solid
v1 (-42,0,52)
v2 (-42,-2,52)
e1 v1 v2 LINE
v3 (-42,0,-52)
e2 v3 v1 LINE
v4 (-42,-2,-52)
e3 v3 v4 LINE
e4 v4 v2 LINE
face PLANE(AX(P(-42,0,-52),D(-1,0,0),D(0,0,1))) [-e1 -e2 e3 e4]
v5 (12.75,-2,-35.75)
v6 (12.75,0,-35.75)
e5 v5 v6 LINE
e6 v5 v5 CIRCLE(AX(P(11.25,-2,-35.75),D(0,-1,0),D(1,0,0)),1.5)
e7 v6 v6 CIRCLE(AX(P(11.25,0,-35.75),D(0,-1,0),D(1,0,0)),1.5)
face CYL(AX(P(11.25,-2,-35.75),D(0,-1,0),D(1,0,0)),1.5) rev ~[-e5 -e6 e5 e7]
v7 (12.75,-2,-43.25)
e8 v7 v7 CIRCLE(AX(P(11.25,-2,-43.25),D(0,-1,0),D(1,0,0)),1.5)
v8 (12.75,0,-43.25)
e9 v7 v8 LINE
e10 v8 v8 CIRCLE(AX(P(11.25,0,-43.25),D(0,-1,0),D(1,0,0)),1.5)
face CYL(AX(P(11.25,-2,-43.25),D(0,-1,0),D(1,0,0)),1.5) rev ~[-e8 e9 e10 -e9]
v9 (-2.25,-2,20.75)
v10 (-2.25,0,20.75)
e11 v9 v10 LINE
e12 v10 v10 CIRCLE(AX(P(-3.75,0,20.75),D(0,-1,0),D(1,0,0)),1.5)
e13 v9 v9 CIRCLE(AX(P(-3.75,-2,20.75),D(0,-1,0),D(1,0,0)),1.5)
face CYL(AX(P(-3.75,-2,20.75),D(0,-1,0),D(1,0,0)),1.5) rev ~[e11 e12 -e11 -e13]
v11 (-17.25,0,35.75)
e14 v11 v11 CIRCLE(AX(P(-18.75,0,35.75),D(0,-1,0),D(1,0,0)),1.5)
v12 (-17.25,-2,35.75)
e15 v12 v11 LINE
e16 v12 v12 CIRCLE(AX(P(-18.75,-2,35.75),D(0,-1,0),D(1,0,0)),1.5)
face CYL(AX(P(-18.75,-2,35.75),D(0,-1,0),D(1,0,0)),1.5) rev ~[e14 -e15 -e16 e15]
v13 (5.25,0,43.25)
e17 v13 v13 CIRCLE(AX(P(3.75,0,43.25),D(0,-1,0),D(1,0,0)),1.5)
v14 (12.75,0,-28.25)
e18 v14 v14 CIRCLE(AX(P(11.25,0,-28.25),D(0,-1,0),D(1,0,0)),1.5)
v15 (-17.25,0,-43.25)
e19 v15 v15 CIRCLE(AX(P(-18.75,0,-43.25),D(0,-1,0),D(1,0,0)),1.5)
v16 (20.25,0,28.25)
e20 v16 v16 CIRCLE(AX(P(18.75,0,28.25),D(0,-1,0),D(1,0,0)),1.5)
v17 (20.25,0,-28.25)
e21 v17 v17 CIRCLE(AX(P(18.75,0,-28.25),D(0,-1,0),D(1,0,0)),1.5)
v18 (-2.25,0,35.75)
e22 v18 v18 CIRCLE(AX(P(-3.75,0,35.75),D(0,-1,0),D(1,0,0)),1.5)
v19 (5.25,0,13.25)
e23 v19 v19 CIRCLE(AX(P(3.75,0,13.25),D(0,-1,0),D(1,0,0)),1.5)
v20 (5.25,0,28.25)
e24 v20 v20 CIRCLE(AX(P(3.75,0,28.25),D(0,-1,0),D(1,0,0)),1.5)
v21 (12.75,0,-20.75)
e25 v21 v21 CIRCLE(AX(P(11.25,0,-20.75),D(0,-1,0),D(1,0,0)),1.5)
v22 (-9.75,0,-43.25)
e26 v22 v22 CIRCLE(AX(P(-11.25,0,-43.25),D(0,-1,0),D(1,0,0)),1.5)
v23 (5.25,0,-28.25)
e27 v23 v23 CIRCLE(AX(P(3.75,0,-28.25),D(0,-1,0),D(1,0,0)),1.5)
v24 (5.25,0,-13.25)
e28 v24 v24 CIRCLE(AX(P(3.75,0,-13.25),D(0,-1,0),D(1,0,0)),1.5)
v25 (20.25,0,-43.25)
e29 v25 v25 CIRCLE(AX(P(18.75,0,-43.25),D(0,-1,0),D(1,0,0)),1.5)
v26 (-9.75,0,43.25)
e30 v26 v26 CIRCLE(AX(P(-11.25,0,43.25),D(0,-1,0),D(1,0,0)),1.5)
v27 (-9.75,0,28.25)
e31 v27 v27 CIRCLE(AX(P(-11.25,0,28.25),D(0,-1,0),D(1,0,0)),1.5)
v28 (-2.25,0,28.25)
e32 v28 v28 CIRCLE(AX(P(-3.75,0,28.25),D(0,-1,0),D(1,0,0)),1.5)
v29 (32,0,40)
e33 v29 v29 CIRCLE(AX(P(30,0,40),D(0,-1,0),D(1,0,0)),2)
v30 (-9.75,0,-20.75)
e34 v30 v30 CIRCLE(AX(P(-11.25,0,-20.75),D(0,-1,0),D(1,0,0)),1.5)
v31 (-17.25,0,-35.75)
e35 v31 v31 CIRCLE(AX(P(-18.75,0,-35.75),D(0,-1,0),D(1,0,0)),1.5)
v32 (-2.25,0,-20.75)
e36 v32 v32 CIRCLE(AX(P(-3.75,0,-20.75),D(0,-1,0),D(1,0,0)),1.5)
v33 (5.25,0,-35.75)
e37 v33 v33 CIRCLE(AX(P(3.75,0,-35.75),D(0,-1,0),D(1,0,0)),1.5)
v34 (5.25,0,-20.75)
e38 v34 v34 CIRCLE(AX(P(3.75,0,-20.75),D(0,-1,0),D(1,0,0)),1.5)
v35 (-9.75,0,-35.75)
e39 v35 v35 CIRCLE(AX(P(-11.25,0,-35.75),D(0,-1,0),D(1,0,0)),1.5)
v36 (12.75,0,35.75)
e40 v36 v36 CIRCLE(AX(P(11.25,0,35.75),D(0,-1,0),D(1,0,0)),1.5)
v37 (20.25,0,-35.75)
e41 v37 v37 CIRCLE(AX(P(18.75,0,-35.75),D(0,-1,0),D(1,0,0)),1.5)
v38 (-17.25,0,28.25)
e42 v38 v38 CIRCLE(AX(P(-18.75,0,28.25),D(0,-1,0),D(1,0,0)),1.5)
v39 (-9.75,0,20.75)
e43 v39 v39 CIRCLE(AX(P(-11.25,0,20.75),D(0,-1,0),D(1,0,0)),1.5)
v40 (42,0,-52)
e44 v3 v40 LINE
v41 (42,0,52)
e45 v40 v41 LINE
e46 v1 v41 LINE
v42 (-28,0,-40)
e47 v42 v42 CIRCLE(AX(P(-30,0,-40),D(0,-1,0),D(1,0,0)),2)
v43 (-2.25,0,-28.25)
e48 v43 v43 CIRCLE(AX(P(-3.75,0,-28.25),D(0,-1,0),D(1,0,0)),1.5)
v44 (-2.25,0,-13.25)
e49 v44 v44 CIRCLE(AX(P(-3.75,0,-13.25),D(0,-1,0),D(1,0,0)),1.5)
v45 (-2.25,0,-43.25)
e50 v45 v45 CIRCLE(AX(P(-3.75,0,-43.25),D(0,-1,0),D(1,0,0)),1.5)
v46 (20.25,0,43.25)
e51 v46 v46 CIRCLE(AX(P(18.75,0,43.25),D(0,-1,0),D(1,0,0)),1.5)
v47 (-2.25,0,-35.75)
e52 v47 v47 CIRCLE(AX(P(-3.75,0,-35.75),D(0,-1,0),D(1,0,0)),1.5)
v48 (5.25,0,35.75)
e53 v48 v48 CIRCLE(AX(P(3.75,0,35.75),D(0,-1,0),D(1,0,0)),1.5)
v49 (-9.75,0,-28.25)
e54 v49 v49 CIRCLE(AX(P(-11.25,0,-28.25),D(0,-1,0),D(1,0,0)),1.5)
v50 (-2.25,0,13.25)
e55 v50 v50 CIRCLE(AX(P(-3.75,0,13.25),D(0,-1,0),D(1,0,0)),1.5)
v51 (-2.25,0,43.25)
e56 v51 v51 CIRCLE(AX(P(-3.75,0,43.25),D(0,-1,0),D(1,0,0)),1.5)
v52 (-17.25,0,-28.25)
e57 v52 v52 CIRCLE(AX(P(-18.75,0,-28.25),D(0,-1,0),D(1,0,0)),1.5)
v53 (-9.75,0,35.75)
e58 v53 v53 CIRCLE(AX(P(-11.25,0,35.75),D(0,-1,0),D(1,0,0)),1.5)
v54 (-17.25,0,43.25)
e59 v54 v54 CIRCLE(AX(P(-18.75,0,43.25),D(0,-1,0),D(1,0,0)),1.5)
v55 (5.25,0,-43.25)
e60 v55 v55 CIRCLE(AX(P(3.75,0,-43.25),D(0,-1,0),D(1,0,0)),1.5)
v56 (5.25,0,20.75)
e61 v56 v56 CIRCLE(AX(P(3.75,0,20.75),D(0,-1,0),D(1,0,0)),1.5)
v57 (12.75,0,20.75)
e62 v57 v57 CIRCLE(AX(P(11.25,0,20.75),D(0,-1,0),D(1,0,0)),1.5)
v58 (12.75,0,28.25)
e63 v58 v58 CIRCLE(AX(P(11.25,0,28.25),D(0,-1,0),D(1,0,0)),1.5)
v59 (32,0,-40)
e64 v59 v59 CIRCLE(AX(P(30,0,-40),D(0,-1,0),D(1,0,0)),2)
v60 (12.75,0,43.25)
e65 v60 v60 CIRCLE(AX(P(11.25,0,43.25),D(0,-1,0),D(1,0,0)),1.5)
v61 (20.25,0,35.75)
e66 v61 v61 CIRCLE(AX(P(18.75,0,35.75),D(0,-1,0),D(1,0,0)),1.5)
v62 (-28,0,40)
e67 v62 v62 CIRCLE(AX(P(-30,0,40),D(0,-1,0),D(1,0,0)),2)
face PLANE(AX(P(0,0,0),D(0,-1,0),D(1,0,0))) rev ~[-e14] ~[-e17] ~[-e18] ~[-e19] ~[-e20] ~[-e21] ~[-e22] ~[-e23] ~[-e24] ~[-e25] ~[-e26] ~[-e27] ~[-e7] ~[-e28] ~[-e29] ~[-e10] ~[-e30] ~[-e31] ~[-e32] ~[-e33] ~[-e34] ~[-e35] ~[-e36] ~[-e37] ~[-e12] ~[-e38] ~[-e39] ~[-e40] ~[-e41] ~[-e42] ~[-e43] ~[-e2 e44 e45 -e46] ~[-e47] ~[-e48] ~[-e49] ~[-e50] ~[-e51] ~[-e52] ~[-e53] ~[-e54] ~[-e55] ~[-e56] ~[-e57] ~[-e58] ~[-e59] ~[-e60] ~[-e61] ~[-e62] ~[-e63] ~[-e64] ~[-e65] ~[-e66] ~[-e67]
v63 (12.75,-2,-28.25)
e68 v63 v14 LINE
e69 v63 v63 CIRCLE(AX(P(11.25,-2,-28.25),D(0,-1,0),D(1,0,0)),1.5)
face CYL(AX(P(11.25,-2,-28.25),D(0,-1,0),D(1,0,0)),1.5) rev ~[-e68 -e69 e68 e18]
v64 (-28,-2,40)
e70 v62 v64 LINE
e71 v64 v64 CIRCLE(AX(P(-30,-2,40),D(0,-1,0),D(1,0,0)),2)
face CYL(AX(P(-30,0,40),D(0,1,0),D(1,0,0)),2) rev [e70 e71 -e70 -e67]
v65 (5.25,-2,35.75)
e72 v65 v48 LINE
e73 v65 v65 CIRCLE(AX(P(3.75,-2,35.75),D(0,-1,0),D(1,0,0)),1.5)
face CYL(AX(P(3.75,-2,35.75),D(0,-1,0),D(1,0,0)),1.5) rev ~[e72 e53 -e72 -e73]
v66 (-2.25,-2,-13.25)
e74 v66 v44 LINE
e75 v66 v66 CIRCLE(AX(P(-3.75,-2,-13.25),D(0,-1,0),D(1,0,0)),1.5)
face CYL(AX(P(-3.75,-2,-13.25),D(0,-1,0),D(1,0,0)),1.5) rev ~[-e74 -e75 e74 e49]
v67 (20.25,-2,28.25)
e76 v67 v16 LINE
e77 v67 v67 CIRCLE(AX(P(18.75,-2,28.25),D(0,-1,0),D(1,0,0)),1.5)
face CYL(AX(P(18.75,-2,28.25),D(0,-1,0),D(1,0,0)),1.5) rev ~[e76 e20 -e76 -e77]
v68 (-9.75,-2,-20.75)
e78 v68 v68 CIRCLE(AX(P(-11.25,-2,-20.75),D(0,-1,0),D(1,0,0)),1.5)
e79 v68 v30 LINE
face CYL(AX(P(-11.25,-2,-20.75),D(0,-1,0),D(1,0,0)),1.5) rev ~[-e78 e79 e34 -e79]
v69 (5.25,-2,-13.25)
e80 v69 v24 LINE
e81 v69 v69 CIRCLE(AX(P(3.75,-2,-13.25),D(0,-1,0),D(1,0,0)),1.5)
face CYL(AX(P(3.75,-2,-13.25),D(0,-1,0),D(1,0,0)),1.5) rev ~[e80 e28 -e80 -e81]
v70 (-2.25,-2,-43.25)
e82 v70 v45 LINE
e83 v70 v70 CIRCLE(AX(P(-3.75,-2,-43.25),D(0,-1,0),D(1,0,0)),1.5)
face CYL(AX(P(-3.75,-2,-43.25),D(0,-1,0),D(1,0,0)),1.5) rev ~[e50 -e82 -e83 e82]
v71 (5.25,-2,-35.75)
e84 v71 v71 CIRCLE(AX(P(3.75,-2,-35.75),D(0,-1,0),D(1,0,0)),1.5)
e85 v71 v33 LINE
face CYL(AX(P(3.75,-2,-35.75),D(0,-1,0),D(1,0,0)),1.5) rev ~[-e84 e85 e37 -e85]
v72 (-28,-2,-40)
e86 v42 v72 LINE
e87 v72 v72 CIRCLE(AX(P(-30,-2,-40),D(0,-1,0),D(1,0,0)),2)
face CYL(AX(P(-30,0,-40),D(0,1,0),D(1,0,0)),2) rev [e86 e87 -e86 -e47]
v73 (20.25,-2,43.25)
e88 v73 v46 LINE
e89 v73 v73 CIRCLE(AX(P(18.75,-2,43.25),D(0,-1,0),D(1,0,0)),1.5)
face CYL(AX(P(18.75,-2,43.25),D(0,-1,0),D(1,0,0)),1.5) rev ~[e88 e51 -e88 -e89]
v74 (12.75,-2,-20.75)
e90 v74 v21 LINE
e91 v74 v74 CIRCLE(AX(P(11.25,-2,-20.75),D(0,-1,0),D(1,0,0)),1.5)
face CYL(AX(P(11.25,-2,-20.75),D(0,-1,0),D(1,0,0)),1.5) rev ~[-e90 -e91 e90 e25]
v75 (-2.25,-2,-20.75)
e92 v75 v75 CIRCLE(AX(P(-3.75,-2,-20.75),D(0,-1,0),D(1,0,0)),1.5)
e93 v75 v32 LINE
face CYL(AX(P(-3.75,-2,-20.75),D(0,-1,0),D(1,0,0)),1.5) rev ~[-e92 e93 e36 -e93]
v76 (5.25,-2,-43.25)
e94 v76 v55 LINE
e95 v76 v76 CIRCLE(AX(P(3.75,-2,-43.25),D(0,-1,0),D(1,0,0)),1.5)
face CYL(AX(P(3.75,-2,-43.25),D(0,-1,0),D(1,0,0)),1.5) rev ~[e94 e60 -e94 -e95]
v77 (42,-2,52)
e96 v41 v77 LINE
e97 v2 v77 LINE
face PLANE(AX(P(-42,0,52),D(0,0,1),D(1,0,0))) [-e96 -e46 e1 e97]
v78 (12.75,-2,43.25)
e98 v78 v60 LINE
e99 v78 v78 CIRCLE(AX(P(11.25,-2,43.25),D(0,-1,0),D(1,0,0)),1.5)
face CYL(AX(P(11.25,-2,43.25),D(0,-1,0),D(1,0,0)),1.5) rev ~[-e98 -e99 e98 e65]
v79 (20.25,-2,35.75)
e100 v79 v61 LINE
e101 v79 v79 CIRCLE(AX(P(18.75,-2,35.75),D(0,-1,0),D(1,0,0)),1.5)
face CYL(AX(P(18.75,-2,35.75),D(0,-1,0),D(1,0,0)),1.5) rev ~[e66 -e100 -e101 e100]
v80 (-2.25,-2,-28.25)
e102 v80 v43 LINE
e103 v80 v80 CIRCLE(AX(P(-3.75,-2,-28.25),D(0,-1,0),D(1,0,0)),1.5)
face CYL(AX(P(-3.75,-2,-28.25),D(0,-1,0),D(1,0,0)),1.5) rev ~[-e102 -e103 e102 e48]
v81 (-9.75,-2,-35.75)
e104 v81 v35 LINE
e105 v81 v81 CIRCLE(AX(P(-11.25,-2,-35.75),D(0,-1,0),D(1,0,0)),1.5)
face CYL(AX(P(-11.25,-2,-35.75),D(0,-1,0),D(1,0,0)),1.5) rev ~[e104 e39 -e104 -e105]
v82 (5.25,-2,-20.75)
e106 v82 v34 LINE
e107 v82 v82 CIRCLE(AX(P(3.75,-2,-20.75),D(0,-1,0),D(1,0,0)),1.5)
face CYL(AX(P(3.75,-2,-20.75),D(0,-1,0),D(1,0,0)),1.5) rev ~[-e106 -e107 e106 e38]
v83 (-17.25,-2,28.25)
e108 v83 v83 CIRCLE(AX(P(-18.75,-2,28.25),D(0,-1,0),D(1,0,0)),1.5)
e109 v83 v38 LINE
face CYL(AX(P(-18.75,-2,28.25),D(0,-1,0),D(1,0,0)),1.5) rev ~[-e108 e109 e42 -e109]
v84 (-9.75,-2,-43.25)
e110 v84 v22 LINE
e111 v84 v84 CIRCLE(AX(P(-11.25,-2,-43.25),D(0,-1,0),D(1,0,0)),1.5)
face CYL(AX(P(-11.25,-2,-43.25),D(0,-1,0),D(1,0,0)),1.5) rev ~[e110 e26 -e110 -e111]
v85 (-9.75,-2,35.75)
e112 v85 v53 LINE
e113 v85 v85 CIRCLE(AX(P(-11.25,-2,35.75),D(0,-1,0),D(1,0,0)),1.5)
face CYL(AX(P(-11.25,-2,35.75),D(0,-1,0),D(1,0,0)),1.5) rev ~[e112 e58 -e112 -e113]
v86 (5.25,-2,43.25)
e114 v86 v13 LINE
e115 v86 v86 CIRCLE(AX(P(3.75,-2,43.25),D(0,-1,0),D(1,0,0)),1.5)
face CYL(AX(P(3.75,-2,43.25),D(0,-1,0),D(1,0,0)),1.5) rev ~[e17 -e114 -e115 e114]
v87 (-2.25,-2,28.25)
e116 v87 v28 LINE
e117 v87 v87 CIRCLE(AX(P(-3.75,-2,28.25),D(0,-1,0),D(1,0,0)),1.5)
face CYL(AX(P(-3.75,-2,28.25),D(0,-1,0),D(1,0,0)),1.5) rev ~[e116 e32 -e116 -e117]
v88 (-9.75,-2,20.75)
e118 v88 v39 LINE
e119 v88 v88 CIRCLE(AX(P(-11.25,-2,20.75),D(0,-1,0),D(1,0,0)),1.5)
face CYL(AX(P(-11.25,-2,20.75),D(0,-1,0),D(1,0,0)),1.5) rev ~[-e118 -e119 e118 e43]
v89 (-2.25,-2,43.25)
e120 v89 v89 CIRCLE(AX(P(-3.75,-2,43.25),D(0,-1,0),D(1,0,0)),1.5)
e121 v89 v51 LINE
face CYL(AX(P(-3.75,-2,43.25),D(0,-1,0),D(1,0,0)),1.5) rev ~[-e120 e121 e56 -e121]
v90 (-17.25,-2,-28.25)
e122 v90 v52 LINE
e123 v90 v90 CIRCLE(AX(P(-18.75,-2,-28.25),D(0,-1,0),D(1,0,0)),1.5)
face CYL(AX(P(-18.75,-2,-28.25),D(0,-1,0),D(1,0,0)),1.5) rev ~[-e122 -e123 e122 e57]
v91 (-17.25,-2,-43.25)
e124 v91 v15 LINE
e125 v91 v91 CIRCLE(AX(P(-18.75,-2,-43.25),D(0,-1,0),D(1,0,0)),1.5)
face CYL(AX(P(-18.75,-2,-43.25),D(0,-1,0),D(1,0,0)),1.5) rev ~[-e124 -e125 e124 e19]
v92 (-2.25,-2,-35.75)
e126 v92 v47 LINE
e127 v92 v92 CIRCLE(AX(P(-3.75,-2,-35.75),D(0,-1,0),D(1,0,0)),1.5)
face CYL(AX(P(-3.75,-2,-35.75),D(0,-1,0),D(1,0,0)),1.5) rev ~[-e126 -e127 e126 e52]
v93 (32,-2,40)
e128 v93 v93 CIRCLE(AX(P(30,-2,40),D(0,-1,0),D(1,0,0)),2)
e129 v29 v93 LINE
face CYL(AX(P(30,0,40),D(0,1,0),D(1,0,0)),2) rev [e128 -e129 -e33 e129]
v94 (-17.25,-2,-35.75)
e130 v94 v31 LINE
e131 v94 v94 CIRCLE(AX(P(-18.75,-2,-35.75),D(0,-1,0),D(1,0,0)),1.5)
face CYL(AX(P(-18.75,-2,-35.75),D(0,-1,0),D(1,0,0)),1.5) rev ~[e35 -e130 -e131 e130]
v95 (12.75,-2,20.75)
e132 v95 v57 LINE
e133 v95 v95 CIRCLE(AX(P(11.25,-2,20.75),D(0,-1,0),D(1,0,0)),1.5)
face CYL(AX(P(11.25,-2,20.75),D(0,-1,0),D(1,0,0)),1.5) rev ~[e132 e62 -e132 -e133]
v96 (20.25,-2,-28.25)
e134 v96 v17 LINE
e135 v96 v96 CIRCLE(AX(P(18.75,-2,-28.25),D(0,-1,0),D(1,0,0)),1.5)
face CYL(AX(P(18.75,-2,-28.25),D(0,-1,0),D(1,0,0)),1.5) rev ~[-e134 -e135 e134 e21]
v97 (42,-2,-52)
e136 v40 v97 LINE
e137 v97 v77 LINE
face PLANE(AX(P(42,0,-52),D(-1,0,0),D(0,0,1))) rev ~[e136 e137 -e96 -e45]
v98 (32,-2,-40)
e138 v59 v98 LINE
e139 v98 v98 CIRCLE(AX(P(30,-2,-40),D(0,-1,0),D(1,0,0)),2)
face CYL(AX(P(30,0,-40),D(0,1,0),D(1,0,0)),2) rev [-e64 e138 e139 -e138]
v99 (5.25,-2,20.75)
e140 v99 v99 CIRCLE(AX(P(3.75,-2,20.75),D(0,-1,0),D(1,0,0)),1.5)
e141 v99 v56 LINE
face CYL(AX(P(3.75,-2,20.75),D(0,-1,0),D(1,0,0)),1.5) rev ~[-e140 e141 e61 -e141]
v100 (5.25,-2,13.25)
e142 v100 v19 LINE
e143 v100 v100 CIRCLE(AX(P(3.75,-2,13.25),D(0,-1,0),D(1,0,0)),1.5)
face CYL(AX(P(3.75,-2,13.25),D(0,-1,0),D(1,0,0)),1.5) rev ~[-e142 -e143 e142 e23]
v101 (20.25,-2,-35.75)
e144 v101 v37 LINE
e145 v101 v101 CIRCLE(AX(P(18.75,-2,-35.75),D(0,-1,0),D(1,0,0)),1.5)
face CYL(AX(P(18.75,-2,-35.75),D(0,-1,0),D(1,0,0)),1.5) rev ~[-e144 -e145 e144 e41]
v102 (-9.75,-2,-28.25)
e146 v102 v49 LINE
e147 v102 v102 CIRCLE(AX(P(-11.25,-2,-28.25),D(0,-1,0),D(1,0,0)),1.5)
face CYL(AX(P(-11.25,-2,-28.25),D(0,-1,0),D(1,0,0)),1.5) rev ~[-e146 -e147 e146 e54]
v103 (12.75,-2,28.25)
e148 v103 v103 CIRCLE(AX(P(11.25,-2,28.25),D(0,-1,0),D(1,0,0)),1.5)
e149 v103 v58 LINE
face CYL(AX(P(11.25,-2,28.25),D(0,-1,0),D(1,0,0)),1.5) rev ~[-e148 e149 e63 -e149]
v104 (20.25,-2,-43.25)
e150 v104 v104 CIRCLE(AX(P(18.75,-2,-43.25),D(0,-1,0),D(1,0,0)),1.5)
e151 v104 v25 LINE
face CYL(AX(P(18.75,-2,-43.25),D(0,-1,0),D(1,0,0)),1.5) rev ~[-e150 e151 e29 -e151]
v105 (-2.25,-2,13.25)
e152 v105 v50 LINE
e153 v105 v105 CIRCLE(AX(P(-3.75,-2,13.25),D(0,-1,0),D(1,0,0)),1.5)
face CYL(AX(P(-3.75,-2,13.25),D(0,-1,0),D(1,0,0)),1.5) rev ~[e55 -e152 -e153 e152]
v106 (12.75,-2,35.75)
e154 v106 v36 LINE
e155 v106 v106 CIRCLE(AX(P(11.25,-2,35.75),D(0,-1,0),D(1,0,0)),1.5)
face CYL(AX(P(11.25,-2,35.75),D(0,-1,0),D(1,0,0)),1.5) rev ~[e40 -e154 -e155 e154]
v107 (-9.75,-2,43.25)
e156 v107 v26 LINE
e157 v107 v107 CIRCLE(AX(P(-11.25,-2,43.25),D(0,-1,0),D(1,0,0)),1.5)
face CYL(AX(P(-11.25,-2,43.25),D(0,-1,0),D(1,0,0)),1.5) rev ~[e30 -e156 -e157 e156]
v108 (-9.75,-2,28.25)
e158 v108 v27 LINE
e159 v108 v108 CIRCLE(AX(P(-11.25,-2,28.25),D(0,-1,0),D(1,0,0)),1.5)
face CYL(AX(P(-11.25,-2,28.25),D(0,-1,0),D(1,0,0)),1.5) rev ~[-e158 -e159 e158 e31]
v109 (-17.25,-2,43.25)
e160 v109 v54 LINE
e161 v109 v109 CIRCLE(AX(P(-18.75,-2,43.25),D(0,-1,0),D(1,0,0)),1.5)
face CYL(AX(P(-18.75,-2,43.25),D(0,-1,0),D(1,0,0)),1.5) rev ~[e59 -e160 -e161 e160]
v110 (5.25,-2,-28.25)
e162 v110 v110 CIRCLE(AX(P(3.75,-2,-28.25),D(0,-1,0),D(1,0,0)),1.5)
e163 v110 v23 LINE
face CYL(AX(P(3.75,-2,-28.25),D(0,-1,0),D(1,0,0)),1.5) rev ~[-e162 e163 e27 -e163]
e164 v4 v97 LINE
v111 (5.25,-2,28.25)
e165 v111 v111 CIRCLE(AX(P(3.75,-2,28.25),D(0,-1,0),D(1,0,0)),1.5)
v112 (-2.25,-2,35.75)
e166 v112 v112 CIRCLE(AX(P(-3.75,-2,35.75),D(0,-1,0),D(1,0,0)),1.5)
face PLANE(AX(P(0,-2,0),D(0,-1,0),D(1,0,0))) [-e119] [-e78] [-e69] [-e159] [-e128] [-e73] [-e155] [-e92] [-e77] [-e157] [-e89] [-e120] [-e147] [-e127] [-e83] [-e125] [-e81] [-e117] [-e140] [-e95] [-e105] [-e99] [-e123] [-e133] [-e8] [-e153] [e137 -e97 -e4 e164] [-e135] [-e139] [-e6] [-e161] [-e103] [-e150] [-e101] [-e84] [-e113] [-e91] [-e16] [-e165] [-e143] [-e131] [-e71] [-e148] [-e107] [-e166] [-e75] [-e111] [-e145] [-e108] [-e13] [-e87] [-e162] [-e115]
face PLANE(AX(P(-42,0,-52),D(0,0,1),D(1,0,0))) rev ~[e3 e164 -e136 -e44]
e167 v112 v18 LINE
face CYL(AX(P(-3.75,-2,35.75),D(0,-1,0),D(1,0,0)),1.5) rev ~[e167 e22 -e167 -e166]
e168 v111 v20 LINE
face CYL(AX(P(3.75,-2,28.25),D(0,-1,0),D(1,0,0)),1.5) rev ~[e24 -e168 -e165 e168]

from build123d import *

# Parameters (mm, degrees)
F0_W     = 84
F0_H     = 104
F0_R     = 2
F1_DEPTH = 2
F2_R     = 1.5
F3_DEPTH = 2.001


with BuildPart() as f1:
    # F0 (on Front) → F1 (new body)
    with BuildSketch(Plane.XZ):
        Rectangle(F0_W, F0_H)
        with Locations((-30, -40)):
            Circle(F0_R, mode=Mode.SUBTRACT)
        with Locations((30, -40)):
            Circle(F0_R, mode=Mode.SUBTRACT)
        with Locations((-30, 40)):
            Circle(F0_R, mode=Mode.SUBTRACT)
        with Locations((30, 40)):
            Circle(F0_R, mode=Mode.SUBTRACT)
    extrude(amount=F1_DEPTH)

    # F2 (on face) → F3 (cut, through all)
    with BuildSketch(Plane.XZ.offset(2)):
        with Locations((-3.75, 43.25)):
            Circle(F2_R)
        with Locations((-3.75, 35.75)):
            Circle(F2_R)
        with Locations((-3.75, 28.25)):
            Circle(F2_R)
        with Locations((-3.75, 20.75)):
            Circle(F2_R)
        with Locations((-3.75, 13.25)):
            Circle(F2_R)
        with Locations((-11.25, 43.25)):
            Circle(F2_R)
        with Locations((-11.25, 35.75)):
            Circle(F2_R)
        with Locations((-11.25, 28.25)):
            Circle(F2_R)
        with Locations((-11.25, 20.75)):
            Circle(F2_R)
        with Locations((-18.75, 43.25)):
            Circle(F2_R)
        with Locations((-18.75, 35.75)):
            Circle(F2_R)
        with Locations((-18.75, 28.25)):
            Circle(F2_R)
        with Locations((11.25, 43.25)):
            Circle(F2_R)
        with Locations((3.75, 13.25)):
            Circle(F2_R)
        with Locations((11.25, 35.75)):
            Circle(F2_R)
        with Locations((11.25, 28.25)):
            Circle(F2_R)
        with Locations((11.25, 20.75)):
            Circle(F2_R)
        with Locations((18.75, 43.25)):
            Circle(F2_R)
        with Locations((18.75, 35.75)):
            Circle(F2_R)
        with Locations((18.75, 28.25)):
            Circle(F2_R)
        with Locations((3.75, 43.25)):
            Circle(F2_R)
        with Locations((3.75, 35.75)):
            Circle(F2_R)
        with Locations((3.75, 28.25)):
            Circle(F2_R)
        with Locations((3.75, 20.75)):
            Circle(F2_R)
        with Locations((-3.75, -43.25)):
            Circle(F2_R)
        with Locations((-11.25, -43.25)):
            Circle(F2_R)
        with Locations((3.75, -28.25)):
            Circle(F2_R)
        with Locations((-3.75, -20.75)):
            Circle(F2_R)
        with Locations((-11.25, -28.25)):
            Circle(F2_R)
        with Locations((-3.75, -28.25)):
            Circle(F2_R)
        with Locations((18.75, -43.25)):
            Circle(F2_R)
        with Locations((11.25, -28.25)):
            Circle(F2_R)
        with Locations((-18.75, -28.25)):
            Circle(F2_R)
        with Locations((11.25, -35.75)):
            Circle(F2_R)
        with Locations((-3.75, -35.75)):
            Circle(F2_R)
        with Locations((3.75, -20.75)):
            Circle(F2_R)
        with Locations((18.75, -35.75)):
            Circle(F2_R)
        with Locations((-18.75, -35.75)):
            Circle(F2_R)
        with Locations((3.75, -35.75)):
            Circle(F2_R)
        with Locations((11.25, -43.25)):
            Circle(F2_R)
        with Locations((3.75, -13.25)):
            Circle(F2_R)
        with Locations((-11.25, -35.75)):
            Circle(F2_R)
        with Locations((-3.75, -13.25)):
            Circle(F2_R)
        with Locations((18.75, -28.25)):
            Circle(F2_R)
        with Locations((-11.25, -20.75)):
            Circle(F2_R)
        with Locations((11.25, -20.75)):
            Circle(F2_R)
        with Locations((-18.75, -43.25)):
            Circle(F2_R)
        with Locations((3.75, -43.25)):
            Circle(F2_R)
    extrude(amount=-F3_DEPTH, mode=Mode.SUBTRACT)


solid = f1.part
